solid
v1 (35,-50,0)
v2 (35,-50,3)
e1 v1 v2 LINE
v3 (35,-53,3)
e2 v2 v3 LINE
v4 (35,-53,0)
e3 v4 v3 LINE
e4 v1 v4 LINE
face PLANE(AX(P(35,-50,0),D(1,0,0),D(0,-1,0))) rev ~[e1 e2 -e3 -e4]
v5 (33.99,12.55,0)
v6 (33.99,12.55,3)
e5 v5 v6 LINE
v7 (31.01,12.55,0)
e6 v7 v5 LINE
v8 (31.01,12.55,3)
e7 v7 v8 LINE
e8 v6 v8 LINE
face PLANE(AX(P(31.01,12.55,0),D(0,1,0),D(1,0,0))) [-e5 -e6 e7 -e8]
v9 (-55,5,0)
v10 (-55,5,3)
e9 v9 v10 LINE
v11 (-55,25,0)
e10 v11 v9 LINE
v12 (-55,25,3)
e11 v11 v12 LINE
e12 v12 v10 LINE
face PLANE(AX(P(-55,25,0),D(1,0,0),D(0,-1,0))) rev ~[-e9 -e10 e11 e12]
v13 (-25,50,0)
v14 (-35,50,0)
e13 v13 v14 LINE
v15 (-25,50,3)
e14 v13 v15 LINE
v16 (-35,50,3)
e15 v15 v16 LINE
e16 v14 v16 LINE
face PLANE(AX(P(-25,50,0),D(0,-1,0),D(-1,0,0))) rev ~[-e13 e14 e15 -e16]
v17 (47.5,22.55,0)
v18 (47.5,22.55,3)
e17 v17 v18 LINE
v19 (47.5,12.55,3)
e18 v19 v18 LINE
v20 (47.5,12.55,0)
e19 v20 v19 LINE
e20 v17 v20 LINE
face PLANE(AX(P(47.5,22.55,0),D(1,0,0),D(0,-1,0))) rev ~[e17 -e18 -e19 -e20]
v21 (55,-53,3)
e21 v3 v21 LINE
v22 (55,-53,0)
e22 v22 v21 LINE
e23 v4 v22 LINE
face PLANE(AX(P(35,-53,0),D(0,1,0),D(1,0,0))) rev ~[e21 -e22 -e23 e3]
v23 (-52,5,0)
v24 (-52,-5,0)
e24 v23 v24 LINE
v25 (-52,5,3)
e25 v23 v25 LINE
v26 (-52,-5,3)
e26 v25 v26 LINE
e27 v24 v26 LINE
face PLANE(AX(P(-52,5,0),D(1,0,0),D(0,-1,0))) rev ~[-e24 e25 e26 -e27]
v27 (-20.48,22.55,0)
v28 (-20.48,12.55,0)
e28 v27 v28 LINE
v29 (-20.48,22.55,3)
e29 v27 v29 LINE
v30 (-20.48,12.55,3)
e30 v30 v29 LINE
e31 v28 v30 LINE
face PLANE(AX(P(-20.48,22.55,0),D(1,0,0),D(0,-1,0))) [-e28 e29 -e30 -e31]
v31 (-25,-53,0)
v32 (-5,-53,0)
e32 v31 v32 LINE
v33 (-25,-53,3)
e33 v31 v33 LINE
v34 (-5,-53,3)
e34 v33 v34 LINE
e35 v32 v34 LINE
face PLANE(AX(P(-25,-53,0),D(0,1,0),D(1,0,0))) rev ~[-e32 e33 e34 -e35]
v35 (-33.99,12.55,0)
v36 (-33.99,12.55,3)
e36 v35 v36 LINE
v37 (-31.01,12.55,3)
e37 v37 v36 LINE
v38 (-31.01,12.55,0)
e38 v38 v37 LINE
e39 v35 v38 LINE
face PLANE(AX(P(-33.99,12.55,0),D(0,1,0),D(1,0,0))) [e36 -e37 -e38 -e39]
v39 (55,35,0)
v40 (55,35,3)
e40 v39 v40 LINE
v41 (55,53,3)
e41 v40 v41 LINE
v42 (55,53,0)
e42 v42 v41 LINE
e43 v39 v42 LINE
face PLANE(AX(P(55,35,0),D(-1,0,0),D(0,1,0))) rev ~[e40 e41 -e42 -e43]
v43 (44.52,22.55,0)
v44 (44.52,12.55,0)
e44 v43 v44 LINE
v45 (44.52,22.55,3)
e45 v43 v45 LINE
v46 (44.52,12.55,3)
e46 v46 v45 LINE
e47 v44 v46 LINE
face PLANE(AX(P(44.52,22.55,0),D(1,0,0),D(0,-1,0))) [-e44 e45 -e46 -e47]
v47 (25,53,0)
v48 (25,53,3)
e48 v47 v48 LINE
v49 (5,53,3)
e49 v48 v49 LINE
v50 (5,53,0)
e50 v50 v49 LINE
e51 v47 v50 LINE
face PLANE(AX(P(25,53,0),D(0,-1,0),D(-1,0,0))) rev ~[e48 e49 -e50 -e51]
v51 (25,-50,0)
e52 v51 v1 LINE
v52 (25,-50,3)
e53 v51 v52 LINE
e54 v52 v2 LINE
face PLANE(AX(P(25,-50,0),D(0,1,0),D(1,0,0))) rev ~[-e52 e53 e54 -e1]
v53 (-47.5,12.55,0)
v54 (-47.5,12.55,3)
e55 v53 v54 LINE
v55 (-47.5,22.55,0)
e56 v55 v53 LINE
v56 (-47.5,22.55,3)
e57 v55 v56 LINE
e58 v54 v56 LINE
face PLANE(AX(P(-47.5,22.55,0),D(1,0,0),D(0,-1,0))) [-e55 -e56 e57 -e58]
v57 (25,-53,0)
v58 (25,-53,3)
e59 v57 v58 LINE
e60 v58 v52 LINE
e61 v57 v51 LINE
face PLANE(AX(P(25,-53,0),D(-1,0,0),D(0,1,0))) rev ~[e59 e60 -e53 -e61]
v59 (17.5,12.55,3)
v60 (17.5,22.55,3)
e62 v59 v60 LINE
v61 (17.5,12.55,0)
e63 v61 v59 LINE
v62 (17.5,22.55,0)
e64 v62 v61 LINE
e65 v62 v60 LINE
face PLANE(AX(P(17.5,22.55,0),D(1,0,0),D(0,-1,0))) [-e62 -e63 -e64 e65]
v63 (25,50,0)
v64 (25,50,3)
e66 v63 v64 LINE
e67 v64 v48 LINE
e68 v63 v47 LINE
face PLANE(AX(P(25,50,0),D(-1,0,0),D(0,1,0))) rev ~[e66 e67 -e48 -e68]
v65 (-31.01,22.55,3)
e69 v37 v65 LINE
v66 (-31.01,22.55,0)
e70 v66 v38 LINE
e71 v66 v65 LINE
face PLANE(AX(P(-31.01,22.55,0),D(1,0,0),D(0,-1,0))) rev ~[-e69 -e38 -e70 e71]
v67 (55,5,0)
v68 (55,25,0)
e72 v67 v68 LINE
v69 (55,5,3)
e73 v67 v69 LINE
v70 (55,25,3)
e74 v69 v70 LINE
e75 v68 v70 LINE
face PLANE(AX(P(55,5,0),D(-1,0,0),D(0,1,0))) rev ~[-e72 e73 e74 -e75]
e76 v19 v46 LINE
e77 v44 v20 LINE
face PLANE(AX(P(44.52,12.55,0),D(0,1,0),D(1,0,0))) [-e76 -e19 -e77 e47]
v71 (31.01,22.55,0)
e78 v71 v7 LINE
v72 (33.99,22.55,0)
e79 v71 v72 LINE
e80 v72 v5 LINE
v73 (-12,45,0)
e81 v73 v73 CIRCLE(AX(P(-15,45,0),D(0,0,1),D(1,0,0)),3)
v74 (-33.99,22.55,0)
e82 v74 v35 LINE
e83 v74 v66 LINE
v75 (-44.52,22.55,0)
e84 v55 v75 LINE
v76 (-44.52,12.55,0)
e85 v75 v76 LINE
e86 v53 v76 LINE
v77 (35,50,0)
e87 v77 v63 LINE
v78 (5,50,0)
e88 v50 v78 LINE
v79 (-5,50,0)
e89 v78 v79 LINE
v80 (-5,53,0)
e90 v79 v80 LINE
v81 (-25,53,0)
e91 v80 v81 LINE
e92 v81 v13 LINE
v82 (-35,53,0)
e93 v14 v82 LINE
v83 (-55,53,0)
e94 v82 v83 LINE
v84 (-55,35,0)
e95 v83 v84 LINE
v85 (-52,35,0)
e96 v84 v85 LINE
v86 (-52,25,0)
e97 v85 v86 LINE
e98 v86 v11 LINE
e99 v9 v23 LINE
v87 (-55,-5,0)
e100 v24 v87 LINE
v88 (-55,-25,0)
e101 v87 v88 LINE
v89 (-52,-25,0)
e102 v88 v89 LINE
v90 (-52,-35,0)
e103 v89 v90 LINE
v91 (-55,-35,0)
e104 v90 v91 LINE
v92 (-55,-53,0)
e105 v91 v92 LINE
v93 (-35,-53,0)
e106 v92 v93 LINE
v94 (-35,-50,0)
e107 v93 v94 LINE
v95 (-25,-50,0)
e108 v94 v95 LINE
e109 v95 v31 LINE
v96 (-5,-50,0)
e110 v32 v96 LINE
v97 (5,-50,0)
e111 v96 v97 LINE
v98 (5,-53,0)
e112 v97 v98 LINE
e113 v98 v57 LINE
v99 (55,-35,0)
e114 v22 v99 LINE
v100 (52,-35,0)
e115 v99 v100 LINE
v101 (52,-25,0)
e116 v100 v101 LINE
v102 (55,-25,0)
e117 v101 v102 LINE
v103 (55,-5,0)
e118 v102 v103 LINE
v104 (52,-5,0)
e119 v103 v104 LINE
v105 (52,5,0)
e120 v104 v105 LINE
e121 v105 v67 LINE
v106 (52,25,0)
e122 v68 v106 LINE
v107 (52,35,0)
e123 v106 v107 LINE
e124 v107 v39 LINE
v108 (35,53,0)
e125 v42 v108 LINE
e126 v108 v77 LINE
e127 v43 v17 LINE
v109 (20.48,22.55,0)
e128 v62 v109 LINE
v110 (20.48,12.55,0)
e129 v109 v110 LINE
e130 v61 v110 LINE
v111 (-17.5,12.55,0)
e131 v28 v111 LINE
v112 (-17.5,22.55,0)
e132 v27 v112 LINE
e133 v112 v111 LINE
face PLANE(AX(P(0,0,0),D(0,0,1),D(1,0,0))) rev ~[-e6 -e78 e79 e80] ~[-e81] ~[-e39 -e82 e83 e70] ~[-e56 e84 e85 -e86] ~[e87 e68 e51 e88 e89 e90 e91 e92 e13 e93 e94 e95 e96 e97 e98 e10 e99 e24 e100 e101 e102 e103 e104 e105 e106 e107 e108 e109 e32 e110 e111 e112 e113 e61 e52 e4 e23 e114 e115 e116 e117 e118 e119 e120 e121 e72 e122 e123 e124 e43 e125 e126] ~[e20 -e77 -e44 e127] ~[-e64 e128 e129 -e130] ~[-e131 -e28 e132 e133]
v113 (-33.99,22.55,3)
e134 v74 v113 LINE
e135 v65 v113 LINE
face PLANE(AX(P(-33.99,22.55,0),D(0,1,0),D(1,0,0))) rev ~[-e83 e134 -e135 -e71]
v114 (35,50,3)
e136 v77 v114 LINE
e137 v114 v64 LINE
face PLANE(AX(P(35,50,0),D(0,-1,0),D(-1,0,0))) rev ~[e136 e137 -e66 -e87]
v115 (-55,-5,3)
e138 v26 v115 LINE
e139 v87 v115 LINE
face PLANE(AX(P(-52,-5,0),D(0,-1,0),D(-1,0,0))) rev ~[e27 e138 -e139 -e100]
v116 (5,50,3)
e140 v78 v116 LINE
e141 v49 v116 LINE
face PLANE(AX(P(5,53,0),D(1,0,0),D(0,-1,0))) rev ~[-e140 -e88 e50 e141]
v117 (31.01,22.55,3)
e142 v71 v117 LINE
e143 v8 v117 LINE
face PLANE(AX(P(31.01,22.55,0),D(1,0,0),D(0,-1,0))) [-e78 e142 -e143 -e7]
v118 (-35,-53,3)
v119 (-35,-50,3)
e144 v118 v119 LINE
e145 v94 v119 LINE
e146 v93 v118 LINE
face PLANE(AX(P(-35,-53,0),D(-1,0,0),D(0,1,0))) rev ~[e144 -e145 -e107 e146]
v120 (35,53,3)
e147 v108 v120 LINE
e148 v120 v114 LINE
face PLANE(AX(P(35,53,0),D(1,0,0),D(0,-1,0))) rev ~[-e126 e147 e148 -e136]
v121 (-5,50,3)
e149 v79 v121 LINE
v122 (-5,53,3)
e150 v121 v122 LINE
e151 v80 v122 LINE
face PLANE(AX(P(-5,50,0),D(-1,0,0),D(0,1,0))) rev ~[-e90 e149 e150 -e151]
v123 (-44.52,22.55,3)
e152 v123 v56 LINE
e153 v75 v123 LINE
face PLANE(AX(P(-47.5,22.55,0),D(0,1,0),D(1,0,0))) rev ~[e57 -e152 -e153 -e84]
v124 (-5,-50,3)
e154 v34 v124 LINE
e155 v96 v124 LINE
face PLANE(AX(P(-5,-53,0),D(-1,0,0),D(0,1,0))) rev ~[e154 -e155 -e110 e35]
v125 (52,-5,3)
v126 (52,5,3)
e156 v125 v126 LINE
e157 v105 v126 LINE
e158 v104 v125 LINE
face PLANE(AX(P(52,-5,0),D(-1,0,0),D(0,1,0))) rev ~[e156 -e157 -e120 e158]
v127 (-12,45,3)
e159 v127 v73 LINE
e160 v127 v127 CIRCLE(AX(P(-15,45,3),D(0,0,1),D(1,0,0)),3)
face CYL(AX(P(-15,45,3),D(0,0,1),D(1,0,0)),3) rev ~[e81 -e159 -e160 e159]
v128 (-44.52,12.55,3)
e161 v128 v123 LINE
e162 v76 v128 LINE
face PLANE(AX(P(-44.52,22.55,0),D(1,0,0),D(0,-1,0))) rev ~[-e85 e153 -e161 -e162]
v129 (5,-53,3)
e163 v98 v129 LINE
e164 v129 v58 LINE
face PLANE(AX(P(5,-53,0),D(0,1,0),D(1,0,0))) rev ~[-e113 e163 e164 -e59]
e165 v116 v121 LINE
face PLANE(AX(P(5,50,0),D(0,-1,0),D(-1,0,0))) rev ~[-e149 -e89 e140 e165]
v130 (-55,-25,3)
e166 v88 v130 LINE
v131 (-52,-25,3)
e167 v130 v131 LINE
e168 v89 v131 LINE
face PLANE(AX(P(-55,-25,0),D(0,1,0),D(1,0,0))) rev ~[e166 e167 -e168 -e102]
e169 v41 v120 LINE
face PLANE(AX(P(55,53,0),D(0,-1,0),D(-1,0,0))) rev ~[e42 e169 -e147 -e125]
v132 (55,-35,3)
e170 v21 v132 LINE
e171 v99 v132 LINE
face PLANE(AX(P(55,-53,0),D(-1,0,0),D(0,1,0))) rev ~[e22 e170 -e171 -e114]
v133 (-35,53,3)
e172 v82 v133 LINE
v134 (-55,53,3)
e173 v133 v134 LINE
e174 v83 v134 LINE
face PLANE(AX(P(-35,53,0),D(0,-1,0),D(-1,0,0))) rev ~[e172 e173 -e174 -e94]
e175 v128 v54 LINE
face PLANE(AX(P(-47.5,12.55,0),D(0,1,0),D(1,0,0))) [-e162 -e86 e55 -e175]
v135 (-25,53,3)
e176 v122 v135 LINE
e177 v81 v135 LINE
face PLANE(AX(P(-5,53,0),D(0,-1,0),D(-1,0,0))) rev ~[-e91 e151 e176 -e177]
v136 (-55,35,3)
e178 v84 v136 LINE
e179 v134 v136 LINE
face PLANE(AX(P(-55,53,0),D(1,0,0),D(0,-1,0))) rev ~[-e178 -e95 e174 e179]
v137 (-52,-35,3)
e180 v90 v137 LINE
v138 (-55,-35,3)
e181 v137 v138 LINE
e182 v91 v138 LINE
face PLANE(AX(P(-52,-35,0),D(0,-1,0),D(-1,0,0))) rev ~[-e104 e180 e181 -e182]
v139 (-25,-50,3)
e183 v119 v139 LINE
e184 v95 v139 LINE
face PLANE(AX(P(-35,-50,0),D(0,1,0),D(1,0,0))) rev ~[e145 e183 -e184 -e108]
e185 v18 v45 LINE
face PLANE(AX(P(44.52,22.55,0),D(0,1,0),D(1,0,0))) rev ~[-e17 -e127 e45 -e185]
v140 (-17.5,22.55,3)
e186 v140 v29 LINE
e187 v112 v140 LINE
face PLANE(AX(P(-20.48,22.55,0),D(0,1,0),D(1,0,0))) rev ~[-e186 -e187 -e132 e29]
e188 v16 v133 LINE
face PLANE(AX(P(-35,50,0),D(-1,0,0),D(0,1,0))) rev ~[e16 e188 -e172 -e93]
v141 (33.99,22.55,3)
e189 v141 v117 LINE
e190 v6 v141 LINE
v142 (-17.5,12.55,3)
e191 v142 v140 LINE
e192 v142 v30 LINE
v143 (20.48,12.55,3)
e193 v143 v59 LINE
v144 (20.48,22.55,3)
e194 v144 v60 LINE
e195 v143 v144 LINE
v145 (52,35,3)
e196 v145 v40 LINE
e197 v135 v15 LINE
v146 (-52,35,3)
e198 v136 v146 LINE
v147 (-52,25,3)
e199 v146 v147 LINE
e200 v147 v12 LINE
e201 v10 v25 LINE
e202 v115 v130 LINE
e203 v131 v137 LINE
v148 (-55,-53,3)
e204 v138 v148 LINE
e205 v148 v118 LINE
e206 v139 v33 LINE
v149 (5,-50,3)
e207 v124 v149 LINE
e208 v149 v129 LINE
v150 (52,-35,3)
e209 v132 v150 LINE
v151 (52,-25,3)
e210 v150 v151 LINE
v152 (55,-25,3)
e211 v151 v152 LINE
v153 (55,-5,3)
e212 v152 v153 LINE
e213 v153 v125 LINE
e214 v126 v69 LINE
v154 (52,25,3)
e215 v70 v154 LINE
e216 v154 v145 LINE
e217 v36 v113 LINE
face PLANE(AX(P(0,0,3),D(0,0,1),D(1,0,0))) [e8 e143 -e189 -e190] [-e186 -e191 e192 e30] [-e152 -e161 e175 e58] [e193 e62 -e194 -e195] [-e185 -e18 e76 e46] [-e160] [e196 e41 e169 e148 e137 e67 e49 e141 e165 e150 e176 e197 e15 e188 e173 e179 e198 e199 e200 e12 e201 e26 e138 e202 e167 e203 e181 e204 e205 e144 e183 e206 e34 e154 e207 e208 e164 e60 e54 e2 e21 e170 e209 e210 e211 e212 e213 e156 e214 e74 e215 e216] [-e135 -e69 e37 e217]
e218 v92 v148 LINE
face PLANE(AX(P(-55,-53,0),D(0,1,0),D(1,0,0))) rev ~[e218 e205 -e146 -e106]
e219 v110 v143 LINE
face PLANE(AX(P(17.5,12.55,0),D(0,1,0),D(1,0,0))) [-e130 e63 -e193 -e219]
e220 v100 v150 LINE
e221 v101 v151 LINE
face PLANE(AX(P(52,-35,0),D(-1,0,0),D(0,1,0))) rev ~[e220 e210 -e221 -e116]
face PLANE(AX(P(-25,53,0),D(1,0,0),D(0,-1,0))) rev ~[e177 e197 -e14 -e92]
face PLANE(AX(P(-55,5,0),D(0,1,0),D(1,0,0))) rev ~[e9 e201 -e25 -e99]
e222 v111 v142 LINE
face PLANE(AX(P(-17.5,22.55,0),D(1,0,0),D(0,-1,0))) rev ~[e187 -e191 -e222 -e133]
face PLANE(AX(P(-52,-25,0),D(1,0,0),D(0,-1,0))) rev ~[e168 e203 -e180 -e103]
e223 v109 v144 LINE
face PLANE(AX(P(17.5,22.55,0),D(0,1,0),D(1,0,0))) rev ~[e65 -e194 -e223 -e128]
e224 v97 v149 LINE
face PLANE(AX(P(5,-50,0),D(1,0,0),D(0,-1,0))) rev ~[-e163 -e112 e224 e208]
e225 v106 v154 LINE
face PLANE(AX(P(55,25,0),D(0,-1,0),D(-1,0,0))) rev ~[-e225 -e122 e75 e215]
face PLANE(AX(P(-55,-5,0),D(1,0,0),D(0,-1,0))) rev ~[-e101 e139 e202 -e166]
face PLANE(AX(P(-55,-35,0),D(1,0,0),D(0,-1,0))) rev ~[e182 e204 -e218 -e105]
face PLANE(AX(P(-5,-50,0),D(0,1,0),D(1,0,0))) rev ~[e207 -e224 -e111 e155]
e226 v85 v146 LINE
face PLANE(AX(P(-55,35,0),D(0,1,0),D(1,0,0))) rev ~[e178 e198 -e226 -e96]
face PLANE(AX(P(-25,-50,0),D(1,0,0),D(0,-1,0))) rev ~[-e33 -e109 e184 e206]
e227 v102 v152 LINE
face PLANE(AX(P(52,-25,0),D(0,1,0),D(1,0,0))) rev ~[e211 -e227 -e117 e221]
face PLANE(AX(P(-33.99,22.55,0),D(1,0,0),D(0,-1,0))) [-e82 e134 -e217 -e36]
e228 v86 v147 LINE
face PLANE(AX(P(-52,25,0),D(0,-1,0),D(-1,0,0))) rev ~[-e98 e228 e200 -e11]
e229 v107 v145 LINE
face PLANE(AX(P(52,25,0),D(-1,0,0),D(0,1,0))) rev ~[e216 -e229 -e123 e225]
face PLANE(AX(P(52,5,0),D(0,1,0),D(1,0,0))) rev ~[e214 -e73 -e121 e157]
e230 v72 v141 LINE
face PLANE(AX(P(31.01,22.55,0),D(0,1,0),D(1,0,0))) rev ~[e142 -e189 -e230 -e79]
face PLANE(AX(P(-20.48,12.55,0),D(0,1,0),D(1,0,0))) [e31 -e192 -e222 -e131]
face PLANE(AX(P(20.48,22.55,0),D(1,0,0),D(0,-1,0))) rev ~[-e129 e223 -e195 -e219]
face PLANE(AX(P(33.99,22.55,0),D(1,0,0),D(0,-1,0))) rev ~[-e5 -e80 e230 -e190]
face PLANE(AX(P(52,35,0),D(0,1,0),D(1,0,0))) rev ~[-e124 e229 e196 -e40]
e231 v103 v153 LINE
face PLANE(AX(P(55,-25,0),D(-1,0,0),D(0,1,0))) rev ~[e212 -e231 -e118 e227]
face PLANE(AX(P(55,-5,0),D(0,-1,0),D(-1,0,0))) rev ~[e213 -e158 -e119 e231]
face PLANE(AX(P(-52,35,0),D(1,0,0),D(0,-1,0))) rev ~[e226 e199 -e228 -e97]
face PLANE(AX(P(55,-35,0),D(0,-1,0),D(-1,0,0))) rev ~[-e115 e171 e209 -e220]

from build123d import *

# Parameters (mm, degrees)
F1_DEPTH = 3
F2_W     = 2.98
F2_H     = 10
F3_DEPTH = 25
F4_R     = 3
F5_DEPTH = 25


with BuildPart() as f1:
    # F0 (on Top) → F1 (new body)
    with BuildSketch(Plane.XY):
        Polygon((35, -53), (55, -53), (55, -35), (52, -35), (52, -25), (55, -25), (55, -5), (52, -5), (52, 5), (55, 5), (55, 25), (52, 25), (52, 35), (55, 35), (55, 53), (35, 53), (35, 52), (35, 50), (25, 50), (25, 52), (25, 53), (5, 53), (5, 52), (5, 50), (-5, 50), (-5, 52), (-5, 53), (-25, 53), (-25, 52), (-25, 50), (-35, 50), (-35, 52), (-35, 53), (-55, 53), (-55, 35), (-52, 35), (-52, 25), (-55, 25), (-55, 5), (-52, 5), (-52, -5), (-55, -5), (-55, -25), (-52, -25), (-52, -35), (-55, -35), (-55, -53), (-35, -53), (-35, -52), (-35, -50), (-25, -50), (-25, -52), (-25, -53), (-5, -53), (-5, -52), (-5, -50), (5, -50), (5, -52), (5, -53), (25, -53), (25, -52), (25, -50), (35, -50), (35, -52), align=None)
    extrude(amount=F1_DEPTH)

    # F2 (on face) → F3 (cut)
    with BuildSketch(Plane(origin=(0, 0, 0), x_dir=(1, 0, 0), z_dir=(0, 0, -1))):
        with Locations((-46.01, -17.55)):
            Rectangle(F2_W, F2_H)
        with Locations((-32.5, -17.55)):
            Rectangle(F2_W, F2_H)
        with Locations((-18.99, -17.55)):
            Rectangle(F2_W, F2_H)
        with Locations((18.99, -17.55)):
            Rectangle(F2_W, F2_H)
        with Locations((32.5, -17.55)):
            Rectangle(F2_W, F2_H)
        with Locations((46.01, -17.55)):
            Rectangle(F2_W, F2_H)
    extrude(amount=-F3_DEPTH, mode=Mode.SUBTRACT)

    # F4 (on face) → F5 (cut)
    with BuildSketch(Plane.XY.offset(3)):
        with Locations((-15, 45)):
            Circle(F4_R)
    extrude(amount=-F5_DEPTH, mode=Mode.SUBTRACT)


solid = f1.part
